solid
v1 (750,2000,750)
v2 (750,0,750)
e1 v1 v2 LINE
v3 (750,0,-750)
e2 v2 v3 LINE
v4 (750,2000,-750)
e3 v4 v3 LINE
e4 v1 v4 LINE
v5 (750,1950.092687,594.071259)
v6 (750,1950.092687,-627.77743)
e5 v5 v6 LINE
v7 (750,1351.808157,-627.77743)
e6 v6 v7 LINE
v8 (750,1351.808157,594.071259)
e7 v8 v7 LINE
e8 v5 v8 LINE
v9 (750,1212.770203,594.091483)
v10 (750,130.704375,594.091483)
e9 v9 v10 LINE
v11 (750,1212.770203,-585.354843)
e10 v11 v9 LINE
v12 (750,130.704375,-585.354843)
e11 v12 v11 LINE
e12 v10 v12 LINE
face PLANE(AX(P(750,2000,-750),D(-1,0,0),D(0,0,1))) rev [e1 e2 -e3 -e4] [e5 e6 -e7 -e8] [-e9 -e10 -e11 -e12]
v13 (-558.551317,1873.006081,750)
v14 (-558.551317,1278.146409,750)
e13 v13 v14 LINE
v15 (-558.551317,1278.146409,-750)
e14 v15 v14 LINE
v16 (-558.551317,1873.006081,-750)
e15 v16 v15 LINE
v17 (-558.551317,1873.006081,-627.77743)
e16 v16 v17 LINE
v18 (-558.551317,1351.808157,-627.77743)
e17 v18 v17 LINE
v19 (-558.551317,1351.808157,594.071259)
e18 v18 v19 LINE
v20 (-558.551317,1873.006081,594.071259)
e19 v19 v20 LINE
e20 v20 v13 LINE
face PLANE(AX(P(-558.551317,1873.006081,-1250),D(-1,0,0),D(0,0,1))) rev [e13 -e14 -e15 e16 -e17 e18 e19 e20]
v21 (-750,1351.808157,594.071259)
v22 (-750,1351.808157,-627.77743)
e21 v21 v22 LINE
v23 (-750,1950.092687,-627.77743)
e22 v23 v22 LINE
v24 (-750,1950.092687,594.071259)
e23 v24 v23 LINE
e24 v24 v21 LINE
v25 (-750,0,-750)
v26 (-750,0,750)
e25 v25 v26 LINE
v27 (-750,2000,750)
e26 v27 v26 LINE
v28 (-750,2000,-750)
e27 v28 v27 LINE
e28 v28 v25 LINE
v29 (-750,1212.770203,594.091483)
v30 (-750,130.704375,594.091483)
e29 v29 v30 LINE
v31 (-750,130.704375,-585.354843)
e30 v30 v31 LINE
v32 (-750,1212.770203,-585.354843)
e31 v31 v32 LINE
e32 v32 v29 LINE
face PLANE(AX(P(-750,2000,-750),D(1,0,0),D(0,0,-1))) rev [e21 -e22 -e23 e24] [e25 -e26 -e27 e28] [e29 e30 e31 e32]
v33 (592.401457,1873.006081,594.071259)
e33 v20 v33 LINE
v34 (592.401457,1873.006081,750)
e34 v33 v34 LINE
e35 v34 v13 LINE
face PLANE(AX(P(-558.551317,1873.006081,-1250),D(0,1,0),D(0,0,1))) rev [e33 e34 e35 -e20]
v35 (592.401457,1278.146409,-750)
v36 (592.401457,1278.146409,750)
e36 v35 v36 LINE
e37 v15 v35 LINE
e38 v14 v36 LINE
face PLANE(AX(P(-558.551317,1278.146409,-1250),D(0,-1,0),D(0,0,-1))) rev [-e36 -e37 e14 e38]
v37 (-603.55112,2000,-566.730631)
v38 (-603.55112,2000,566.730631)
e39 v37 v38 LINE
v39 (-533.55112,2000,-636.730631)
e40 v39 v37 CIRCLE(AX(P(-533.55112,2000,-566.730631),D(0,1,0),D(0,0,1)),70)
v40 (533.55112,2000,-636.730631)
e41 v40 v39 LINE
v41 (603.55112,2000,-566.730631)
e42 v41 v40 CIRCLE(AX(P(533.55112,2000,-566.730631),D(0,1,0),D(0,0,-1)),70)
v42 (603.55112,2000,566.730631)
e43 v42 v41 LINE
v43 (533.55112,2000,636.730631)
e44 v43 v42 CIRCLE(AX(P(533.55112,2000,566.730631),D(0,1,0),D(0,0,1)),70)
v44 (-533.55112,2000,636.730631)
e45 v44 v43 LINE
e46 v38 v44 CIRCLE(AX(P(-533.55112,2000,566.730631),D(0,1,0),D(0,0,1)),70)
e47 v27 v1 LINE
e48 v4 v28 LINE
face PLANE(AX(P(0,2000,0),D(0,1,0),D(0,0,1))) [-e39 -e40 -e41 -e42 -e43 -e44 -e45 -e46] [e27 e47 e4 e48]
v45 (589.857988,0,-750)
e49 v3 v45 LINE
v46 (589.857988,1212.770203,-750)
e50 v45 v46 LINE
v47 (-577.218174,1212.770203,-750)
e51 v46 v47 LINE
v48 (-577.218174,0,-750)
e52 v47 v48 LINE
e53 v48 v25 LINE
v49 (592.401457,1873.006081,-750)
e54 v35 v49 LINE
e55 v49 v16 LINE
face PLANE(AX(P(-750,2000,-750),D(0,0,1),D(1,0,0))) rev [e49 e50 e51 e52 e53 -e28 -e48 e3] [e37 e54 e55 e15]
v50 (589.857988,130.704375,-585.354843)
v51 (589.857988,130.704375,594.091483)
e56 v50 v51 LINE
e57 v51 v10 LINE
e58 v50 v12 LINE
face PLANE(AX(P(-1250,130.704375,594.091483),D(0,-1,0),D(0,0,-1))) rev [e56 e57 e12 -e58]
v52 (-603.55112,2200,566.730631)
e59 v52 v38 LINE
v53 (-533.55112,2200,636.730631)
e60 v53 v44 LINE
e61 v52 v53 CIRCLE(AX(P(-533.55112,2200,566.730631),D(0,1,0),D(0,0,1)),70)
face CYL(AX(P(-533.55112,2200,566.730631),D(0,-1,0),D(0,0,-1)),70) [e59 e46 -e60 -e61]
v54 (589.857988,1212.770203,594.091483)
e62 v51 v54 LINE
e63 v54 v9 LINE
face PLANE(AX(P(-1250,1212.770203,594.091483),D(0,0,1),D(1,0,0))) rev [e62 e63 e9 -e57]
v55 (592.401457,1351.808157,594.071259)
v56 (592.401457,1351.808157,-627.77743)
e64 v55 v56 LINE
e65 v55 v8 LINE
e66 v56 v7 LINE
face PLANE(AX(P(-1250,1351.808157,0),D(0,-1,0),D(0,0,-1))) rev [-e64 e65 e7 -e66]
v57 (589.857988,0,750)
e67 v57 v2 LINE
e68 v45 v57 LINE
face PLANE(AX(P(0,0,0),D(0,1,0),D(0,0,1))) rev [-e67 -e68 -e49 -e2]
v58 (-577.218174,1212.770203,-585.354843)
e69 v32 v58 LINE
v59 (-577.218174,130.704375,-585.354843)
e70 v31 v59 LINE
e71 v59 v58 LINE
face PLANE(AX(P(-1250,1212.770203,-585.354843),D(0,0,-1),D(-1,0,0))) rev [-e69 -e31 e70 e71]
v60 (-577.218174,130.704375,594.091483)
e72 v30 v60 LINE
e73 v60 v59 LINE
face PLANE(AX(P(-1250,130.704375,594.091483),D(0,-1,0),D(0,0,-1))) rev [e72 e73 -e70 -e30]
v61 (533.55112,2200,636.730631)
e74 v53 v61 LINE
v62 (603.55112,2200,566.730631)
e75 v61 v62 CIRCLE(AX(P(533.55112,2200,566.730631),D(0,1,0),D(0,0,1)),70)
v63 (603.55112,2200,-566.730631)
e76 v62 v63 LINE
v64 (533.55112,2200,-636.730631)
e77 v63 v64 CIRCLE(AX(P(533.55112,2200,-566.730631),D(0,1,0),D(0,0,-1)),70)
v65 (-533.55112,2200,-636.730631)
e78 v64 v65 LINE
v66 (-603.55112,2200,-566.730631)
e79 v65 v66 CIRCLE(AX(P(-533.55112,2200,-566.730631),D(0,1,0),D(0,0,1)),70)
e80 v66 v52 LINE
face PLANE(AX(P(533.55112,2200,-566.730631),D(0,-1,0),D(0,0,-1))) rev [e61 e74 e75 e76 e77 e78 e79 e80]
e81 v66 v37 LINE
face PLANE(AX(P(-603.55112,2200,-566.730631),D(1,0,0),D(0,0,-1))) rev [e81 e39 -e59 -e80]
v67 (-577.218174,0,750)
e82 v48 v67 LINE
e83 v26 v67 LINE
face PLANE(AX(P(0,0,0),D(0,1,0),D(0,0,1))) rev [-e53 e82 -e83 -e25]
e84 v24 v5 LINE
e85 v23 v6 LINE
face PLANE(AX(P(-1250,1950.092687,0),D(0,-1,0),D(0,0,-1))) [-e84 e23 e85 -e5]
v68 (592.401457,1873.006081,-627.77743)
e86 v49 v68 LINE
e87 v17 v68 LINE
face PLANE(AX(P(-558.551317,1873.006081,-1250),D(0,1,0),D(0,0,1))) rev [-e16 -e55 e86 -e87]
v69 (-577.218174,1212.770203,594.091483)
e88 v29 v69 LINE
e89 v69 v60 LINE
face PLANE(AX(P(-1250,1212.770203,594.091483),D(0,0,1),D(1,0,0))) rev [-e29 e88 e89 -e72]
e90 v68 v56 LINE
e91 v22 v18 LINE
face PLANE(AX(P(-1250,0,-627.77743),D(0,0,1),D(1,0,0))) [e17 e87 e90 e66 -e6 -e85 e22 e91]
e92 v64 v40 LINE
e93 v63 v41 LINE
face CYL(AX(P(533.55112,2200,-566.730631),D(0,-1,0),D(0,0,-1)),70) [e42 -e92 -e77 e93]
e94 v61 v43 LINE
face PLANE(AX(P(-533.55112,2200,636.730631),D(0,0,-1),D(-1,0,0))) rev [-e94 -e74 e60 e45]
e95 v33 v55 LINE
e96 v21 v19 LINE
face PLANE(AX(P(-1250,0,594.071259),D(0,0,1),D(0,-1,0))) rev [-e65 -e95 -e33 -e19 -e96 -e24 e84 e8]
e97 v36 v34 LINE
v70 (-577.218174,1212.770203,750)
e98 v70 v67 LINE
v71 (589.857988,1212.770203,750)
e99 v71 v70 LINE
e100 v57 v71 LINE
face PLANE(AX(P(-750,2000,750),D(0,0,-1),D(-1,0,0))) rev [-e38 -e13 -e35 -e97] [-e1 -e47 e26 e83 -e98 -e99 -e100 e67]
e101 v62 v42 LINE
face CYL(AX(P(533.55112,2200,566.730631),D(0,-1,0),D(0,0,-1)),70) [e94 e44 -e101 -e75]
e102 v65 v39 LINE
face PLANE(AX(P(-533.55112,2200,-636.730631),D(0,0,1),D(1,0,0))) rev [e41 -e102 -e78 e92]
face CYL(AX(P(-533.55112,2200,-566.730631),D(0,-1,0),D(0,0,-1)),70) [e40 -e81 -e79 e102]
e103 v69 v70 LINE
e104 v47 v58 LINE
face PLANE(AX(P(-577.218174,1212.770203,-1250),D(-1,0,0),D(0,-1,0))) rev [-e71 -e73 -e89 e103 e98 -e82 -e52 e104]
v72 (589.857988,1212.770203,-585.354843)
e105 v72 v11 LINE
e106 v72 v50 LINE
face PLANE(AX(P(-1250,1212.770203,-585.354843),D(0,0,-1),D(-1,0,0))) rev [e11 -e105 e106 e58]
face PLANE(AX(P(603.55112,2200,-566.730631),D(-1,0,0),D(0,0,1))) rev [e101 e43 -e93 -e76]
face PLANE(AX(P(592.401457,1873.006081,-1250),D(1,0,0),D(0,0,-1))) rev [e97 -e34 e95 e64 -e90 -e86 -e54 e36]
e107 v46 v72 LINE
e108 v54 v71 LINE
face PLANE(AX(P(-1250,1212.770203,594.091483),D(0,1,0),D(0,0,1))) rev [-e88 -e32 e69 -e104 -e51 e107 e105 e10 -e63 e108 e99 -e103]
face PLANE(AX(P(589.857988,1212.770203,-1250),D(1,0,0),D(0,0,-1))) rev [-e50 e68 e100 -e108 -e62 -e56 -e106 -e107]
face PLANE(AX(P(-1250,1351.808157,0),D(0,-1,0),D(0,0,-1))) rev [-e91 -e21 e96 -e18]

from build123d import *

# Parameters (mm, degrees)
CROQUIS1_W              = 1500
CROQUIS1_H              = 1500
SALIENTE_EXTRUIR1_DEPTH = 2000
CROQUIS2_W              = 1150.952774515
CROQUIS2_H              = 594.8596712
CORTAR_EXTRUIR1_DEPTH   = 2000
CROQUIS3_W              = 1221.848688805
CROQUIS3_H              = 598.28453038
CORTAR_EXTRUIR2_DEPTH   = 2000
CROQUIS6_W              = 1179.446326032
CROQUIS6_H              = 1082.065828189
CORTAR_EXTRUIR5_DEPTH   = 2000
CROQUIS7_W              = 1167.076161376
CROQUIS7_H              = 1212.770202706
CORTAR_EXTRUIR6_DEPTH   = 2000
SALIENTE_EXTRUIR2_DEPTH = 200


with BuildPart() as part:
    # Croquis1 → Saliente-Extruir1 (new body)
    with BuildSketch(Plane(origin=(0, 0, 0), x_dir=(1, 0, 0), z_dir=(0, 1, 0))):
        Rectangle(CROQUIS1_W, CROQUIS1_H)
    extrude(amount=SALIENTE_EXTRUIR1_DEPTH)

    # Croquis2 → Cortar-Extruir1 (cut)
    with BuildSketch(Plane.XY.offset(750)):
        with Locations((16.925070171, 1575.576244906)):
            Rectangle(CROQUIS2_W, CROQUIS2_H)
    extrude(amount=-CORTAR_EXTRUIR1_DEPTH, mode=Mode.SUBTRACT)

    # Croquis3 → Cortar-Extruir2 (cut)
    with BuildSketch(Plane(origin=(750, 0, 0), x_dir=(0, 0, -1), z_dir=(1, 0, 0))):
        with Locations((16.853085362, 1650.950422139)):
            Rectangle(CROQUIS3_W, CROQUIS3_H)
    extrude(amount=-CORTAR_EXTRUIR2_DEPTH, mode=Mode.SUBTRACT)

    # Croquis6 → Cortar-Extruir5 (cut)
    with BuildSketch(Plane(origin=(750, 0, 0), x_dir=(0, 0, -1), z_dir=(1, 0, 0))):
        with Locations((-4.368319726, 671.737288611)):
            Rectangle(CROQUIS6_W, CROQUIS6_H)
    extrude(amount=-CORTAR_EXTRUIR5_DEPTH, mode=Mode.SUBTRACT)

    # Croquis7 → Cortar-Extruir6 (cut)
    with BuildSketch(Plane.XY.offset(750)):
        with Locations((6.319907011, 606.385101353)):
            Rectangle(CROQUIS7_W, CROQUIS7_H)
    extrude(amount=-CORTAR_EXTRUIR6_DEPTH, mode=Mode.SUBTRACT)

    # Croquis10 → Saliente-Extruir2 (add)
    with BuildSketch(Plane(origin=(0, 2000, 0), x_dir=(1, 0, 0), z_dir=(0, 1, 0))):
        with BuildLine():
            Line((-533.551119556, 636.730631364), (533.551119556, 636.730631364))
            ThreePointArc((533.551119556, 636.730631364), (583.048594239, 616.228106047), (603.551119556, 566.730631364))
            Line((603.551119556, 566.730631364), (603.551119556, -566.730631364))
            ThreePointArc((603.551119556, -566.730631364), (583.048594239, -616.228106047), (533.551119556, -636.730631364))
            Line((533.551119556, -636.730631364), (-533.551119556, -636.730631364))
            ThreePointArc((-533.551119556, -636.730631364), (-583.048594239, -616.228106047), (-603.551119556, -566.730631364))
            Line((-603.551119556, -566.730631364), (-603.551119556, 566.730631364))
            ThreePointArc((-603.551119556, 566.730631364), (-583.048594239, 616.228106047), (-533.551119556, 636.730631364))
        make_face()
    extrude(amount=SALIENTE_EXTRUIR2_DEPTH)


solid = part.part
